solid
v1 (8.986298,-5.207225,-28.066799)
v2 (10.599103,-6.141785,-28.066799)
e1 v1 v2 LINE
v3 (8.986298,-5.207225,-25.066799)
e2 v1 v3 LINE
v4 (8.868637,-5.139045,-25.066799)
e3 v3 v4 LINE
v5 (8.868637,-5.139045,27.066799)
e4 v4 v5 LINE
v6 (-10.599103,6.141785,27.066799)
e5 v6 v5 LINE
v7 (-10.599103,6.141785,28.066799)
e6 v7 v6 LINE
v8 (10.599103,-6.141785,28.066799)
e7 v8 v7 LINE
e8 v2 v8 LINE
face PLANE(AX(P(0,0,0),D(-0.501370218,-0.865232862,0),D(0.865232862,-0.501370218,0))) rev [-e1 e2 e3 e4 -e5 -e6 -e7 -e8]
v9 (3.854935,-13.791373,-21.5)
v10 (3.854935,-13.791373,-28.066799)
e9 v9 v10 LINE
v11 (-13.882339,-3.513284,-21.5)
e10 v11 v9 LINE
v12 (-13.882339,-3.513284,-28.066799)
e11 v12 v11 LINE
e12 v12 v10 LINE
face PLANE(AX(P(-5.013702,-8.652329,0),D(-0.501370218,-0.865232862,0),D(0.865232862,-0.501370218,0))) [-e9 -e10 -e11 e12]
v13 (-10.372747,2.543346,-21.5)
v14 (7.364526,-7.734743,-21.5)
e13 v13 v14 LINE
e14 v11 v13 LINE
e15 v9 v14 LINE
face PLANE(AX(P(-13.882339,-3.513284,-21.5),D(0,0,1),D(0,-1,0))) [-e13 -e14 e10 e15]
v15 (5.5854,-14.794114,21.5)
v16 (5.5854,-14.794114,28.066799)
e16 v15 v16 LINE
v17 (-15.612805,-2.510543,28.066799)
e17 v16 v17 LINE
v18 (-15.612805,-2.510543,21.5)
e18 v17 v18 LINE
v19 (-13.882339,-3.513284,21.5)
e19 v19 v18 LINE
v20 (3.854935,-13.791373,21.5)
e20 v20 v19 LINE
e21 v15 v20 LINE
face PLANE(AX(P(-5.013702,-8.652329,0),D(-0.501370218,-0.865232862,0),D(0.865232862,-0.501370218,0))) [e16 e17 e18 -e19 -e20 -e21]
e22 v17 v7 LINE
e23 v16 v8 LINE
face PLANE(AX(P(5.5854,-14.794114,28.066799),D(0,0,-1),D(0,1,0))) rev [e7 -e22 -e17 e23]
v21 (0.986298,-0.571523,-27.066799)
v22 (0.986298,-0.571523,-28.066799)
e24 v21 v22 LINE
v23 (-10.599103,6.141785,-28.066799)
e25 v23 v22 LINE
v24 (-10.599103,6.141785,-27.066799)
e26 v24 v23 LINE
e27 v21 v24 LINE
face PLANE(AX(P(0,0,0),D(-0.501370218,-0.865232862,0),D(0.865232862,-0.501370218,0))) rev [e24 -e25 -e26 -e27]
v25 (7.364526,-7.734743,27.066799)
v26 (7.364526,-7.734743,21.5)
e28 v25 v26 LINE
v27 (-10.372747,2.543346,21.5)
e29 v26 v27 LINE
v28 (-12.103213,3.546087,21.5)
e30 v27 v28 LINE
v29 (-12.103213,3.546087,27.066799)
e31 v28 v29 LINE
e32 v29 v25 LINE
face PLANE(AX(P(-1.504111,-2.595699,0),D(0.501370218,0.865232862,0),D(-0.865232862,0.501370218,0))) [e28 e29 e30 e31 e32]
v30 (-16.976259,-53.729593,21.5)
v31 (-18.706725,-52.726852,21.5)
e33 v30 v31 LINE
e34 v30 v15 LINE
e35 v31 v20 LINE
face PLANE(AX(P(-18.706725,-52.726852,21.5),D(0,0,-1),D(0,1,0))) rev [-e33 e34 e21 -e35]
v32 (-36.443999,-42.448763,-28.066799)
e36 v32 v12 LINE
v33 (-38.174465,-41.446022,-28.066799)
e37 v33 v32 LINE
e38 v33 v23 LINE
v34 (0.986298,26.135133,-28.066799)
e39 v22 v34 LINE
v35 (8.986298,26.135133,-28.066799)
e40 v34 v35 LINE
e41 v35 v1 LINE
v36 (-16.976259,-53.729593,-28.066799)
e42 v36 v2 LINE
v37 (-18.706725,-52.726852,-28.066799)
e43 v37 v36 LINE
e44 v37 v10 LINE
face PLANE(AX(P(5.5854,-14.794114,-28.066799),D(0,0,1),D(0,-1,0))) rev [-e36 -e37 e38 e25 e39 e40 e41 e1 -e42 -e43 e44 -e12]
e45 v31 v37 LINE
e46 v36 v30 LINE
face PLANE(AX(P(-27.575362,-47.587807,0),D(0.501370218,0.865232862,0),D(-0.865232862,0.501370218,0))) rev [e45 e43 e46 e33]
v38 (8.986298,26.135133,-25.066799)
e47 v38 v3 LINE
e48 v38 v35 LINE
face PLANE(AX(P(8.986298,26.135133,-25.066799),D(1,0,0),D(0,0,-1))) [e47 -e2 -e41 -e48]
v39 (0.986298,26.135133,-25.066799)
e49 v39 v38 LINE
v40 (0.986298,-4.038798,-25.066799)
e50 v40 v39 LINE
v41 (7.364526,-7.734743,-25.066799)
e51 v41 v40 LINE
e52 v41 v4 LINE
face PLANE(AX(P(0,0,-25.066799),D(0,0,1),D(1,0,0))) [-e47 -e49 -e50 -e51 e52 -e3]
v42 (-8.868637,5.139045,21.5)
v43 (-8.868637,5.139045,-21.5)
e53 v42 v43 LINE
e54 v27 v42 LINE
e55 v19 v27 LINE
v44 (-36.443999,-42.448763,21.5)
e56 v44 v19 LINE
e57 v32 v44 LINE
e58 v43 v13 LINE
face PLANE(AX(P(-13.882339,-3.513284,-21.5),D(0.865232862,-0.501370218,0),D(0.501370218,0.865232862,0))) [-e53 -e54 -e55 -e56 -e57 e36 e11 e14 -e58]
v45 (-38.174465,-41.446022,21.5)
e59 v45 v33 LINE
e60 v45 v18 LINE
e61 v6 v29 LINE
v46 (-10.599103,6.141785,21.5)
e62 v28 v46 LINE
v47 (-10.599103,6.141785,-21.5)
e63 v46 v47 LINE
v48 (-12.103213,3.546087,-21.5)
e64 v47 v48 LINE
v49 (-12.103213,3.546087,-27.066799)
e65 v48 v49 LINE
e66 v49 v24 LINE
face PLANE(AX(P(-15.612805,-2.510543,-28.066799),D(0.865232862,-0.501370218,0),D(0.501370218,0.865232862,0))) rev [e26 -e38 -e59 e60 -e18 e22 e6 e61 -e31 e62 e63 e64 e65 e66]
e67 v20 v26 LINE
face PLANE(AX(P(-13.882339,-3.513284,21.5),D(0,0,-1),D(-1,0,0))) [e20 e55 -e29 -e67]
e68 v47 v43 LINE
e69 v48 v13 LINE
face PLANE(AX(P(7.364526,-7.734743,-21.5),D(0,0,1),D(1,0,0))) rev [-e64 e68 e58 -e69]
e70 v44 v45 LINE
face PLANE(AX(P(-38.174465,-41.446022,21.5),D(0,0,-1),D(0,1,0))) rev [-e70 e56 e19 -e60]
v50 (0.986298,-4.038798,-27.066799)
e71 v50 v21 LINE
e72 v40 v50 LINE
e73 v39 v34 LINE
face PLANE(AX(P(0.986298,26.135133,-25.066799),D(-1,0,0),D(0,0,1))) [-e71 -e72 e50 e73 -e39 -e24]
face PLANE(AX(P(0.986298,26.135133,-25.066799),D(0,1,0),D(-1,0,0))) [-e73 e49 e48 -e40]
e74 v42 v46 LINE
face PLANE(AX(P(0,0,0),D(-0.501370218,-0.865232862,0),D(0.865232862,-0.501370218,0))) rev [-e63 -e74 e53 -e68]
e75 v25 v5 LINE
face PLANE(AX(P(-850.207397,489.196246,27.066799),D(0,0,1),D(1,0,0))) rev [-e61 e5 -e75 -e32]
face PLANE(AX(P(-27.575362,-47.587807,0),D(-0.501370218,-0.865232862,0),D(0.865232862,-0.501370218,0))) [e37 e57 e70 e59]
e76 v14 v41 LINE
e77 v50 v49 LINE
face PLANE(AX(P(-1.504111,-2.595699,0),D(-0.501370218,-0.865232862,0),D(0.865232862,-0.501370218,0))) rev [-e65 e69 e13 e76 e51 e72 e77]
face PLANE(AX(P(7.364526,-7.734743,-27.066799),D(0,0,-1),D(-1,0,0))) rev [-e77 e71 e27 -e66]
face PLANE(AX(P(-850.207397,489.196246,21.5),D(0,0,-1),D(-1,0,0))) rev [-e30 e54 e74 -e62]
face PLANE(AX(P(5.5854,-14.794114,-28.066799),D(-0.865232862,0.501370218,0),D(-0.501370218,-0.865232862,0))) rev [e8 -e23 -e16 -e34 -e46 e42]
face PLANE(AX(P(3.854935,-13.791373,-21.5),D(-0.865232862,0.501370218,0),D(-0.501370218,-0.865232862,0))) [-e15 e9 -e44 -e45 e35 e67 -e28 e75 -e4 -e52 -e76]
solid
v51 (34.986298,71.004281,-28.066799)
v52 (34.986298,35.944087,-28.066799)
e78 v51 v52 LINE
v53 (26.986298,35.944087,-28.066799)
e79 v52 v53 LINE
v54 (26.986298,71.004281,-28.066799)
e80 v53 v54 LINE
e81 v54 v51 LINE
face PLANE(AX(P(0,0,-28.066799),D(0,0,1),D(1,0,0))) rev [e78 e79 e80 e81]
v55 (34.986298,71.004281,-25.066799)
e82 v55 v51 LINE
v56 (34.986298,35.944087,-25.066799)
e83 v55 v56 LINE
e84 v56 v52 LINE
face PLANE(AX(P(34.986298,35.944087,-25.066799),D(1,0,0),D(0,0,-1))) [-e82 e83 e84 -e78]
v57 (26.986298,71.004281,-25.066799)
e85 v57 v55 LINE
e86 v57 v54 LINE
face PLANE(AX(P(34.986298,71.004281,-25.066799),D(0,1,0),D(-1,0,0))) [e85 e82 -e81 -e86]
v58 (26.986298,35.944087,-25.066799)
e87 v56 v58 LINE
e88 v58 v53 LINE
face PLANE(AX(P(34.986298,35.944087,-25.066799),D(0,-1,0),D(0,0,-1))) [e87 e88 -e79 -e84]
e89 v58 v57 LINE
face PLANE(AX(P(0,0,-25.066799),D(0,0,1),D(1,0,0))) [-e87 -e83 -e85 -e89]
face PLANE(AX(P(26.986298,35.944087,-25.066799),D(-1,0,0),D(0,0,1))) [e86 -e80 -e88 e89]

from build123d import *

# Parameters (mm, degrees)
SKETCH1_W           = 24.5
SKETCH1_H           = 56.133598892
SKETCH1_W_2         = 20.5
SKETCH1_H_2         = 43
BOSS_EXTRUDE1_DEPTH = 10
SKETCH16_W          = 49.566799446
SKETCH16_H          = 2
BOSS_EXTRUDE4_DEPTH = 45
SKETCH17_W          = 5.566799446
SKETCH17_H          = 991.145807274
CUT_EXTRUDE1_DEPTH  = 3
SKETCH18_W          = 8
SKETCH18_H          = 35.060194027
BOSS_EXTRUDE5_DEPTH = 3


with BuildPart() as part:
    # Sketch1 → Boss-Extrude1 (new body)
    with BuildSketch(Plane(origin=(0, 0, 0), x_dir=(-0.8652328616944664, 0.5013702175478758, -1.6721667044488096e-15), z_dir=(-0.5013702175478757, -0.8652328616944664, 2.9404411120007117e-15))):
        Rectangle(SKETCH1_W, SKETCH1_H)
        Rectangle(SKETCH1_W_2, SKETCH1_H_2, mode=Mode.SUBTRACT)
    extrude(amount=BOSS_EXTRUDE1_DEPTH)

    # Sketch16 → Boss-Extrude4 (add)
    with BuildSketch(Plane(origin=(-5.013702175, -8.652328617, 0), x_dir=(0, 0, -1), z_dir=(-0.5013702175478768, -0.8652328616944658, -1.9530974013437786e-15))):
        with Locations((3.283399723, 11.25)):
            Rectangle(SKETCH16_W, SKETCH16_H)
        with Locations((3.283399723, -11.25)):
            Rectangle(SKETCH16_W, SKETCH16_H)
    extrude(amount=BOSS_EXTRUDE4_DEPTH)

    # Sketch17 → Cut-Extrude1 (cut)
    with BuildSketch(Plane(origin=(0, 0, 0), x_dir=(0, 0, 1), z_dir=(0.5013702175478768, 0.8652328616944658, 1.9530974013437786e-15))):
        with Locations((-24.283399723, -485.322903637)):
            Rectangle(SKETCH17_W, SKETCH17_H)
        with Locations((24.283399723, -485.322903637)):
            Rectangle(SKETCH17_W, SKETCH17_H)
    extrude(amount=-CUT_EXTRUDE1_DEPTH, mode=Mode.SUBTRACT)

    # Sketch18 → Boss-Extrude5 (add)
    with BuildSketch(Plane(origin=(0, 0, -28.066799446), x_dir=(-1, 0, 0), z_dir=(0, 0, -1))):
        with Locations((-30.986297825, 53.474183751)):
            Rectangle(SKETCH18_W, SKETCH18_H)
        with Locations((-4.986297825, 8.60503593)):
            Rectangle(SKETCH18_W, SKETCH18_H)
    extrude(amount=-BOSS_EXTRUDE5_DEPTH)


with BuildPart() as boss_extrude5_piece_1:
    # of the separate pieces the step leaves, piece 1, a body of its own (boss_extrude5_pieces)
    add(part.part.solids().sort_by_distance((10.599102556, -6.141785165, -28.066799446))[0])


with BuildPart() as boss_extrude5_piece_2:
    # of the separate pieces the step leaves, piece 2, a body of its own (boss_extrude5_pieces)
    add(part.part.solids().sort_by_distance((34.986297825, 35.944086737, -28.066799446))[0])


solid = Compound([boss_extrude5_piece_1.part, boss_extrude5_piece_2.part])
